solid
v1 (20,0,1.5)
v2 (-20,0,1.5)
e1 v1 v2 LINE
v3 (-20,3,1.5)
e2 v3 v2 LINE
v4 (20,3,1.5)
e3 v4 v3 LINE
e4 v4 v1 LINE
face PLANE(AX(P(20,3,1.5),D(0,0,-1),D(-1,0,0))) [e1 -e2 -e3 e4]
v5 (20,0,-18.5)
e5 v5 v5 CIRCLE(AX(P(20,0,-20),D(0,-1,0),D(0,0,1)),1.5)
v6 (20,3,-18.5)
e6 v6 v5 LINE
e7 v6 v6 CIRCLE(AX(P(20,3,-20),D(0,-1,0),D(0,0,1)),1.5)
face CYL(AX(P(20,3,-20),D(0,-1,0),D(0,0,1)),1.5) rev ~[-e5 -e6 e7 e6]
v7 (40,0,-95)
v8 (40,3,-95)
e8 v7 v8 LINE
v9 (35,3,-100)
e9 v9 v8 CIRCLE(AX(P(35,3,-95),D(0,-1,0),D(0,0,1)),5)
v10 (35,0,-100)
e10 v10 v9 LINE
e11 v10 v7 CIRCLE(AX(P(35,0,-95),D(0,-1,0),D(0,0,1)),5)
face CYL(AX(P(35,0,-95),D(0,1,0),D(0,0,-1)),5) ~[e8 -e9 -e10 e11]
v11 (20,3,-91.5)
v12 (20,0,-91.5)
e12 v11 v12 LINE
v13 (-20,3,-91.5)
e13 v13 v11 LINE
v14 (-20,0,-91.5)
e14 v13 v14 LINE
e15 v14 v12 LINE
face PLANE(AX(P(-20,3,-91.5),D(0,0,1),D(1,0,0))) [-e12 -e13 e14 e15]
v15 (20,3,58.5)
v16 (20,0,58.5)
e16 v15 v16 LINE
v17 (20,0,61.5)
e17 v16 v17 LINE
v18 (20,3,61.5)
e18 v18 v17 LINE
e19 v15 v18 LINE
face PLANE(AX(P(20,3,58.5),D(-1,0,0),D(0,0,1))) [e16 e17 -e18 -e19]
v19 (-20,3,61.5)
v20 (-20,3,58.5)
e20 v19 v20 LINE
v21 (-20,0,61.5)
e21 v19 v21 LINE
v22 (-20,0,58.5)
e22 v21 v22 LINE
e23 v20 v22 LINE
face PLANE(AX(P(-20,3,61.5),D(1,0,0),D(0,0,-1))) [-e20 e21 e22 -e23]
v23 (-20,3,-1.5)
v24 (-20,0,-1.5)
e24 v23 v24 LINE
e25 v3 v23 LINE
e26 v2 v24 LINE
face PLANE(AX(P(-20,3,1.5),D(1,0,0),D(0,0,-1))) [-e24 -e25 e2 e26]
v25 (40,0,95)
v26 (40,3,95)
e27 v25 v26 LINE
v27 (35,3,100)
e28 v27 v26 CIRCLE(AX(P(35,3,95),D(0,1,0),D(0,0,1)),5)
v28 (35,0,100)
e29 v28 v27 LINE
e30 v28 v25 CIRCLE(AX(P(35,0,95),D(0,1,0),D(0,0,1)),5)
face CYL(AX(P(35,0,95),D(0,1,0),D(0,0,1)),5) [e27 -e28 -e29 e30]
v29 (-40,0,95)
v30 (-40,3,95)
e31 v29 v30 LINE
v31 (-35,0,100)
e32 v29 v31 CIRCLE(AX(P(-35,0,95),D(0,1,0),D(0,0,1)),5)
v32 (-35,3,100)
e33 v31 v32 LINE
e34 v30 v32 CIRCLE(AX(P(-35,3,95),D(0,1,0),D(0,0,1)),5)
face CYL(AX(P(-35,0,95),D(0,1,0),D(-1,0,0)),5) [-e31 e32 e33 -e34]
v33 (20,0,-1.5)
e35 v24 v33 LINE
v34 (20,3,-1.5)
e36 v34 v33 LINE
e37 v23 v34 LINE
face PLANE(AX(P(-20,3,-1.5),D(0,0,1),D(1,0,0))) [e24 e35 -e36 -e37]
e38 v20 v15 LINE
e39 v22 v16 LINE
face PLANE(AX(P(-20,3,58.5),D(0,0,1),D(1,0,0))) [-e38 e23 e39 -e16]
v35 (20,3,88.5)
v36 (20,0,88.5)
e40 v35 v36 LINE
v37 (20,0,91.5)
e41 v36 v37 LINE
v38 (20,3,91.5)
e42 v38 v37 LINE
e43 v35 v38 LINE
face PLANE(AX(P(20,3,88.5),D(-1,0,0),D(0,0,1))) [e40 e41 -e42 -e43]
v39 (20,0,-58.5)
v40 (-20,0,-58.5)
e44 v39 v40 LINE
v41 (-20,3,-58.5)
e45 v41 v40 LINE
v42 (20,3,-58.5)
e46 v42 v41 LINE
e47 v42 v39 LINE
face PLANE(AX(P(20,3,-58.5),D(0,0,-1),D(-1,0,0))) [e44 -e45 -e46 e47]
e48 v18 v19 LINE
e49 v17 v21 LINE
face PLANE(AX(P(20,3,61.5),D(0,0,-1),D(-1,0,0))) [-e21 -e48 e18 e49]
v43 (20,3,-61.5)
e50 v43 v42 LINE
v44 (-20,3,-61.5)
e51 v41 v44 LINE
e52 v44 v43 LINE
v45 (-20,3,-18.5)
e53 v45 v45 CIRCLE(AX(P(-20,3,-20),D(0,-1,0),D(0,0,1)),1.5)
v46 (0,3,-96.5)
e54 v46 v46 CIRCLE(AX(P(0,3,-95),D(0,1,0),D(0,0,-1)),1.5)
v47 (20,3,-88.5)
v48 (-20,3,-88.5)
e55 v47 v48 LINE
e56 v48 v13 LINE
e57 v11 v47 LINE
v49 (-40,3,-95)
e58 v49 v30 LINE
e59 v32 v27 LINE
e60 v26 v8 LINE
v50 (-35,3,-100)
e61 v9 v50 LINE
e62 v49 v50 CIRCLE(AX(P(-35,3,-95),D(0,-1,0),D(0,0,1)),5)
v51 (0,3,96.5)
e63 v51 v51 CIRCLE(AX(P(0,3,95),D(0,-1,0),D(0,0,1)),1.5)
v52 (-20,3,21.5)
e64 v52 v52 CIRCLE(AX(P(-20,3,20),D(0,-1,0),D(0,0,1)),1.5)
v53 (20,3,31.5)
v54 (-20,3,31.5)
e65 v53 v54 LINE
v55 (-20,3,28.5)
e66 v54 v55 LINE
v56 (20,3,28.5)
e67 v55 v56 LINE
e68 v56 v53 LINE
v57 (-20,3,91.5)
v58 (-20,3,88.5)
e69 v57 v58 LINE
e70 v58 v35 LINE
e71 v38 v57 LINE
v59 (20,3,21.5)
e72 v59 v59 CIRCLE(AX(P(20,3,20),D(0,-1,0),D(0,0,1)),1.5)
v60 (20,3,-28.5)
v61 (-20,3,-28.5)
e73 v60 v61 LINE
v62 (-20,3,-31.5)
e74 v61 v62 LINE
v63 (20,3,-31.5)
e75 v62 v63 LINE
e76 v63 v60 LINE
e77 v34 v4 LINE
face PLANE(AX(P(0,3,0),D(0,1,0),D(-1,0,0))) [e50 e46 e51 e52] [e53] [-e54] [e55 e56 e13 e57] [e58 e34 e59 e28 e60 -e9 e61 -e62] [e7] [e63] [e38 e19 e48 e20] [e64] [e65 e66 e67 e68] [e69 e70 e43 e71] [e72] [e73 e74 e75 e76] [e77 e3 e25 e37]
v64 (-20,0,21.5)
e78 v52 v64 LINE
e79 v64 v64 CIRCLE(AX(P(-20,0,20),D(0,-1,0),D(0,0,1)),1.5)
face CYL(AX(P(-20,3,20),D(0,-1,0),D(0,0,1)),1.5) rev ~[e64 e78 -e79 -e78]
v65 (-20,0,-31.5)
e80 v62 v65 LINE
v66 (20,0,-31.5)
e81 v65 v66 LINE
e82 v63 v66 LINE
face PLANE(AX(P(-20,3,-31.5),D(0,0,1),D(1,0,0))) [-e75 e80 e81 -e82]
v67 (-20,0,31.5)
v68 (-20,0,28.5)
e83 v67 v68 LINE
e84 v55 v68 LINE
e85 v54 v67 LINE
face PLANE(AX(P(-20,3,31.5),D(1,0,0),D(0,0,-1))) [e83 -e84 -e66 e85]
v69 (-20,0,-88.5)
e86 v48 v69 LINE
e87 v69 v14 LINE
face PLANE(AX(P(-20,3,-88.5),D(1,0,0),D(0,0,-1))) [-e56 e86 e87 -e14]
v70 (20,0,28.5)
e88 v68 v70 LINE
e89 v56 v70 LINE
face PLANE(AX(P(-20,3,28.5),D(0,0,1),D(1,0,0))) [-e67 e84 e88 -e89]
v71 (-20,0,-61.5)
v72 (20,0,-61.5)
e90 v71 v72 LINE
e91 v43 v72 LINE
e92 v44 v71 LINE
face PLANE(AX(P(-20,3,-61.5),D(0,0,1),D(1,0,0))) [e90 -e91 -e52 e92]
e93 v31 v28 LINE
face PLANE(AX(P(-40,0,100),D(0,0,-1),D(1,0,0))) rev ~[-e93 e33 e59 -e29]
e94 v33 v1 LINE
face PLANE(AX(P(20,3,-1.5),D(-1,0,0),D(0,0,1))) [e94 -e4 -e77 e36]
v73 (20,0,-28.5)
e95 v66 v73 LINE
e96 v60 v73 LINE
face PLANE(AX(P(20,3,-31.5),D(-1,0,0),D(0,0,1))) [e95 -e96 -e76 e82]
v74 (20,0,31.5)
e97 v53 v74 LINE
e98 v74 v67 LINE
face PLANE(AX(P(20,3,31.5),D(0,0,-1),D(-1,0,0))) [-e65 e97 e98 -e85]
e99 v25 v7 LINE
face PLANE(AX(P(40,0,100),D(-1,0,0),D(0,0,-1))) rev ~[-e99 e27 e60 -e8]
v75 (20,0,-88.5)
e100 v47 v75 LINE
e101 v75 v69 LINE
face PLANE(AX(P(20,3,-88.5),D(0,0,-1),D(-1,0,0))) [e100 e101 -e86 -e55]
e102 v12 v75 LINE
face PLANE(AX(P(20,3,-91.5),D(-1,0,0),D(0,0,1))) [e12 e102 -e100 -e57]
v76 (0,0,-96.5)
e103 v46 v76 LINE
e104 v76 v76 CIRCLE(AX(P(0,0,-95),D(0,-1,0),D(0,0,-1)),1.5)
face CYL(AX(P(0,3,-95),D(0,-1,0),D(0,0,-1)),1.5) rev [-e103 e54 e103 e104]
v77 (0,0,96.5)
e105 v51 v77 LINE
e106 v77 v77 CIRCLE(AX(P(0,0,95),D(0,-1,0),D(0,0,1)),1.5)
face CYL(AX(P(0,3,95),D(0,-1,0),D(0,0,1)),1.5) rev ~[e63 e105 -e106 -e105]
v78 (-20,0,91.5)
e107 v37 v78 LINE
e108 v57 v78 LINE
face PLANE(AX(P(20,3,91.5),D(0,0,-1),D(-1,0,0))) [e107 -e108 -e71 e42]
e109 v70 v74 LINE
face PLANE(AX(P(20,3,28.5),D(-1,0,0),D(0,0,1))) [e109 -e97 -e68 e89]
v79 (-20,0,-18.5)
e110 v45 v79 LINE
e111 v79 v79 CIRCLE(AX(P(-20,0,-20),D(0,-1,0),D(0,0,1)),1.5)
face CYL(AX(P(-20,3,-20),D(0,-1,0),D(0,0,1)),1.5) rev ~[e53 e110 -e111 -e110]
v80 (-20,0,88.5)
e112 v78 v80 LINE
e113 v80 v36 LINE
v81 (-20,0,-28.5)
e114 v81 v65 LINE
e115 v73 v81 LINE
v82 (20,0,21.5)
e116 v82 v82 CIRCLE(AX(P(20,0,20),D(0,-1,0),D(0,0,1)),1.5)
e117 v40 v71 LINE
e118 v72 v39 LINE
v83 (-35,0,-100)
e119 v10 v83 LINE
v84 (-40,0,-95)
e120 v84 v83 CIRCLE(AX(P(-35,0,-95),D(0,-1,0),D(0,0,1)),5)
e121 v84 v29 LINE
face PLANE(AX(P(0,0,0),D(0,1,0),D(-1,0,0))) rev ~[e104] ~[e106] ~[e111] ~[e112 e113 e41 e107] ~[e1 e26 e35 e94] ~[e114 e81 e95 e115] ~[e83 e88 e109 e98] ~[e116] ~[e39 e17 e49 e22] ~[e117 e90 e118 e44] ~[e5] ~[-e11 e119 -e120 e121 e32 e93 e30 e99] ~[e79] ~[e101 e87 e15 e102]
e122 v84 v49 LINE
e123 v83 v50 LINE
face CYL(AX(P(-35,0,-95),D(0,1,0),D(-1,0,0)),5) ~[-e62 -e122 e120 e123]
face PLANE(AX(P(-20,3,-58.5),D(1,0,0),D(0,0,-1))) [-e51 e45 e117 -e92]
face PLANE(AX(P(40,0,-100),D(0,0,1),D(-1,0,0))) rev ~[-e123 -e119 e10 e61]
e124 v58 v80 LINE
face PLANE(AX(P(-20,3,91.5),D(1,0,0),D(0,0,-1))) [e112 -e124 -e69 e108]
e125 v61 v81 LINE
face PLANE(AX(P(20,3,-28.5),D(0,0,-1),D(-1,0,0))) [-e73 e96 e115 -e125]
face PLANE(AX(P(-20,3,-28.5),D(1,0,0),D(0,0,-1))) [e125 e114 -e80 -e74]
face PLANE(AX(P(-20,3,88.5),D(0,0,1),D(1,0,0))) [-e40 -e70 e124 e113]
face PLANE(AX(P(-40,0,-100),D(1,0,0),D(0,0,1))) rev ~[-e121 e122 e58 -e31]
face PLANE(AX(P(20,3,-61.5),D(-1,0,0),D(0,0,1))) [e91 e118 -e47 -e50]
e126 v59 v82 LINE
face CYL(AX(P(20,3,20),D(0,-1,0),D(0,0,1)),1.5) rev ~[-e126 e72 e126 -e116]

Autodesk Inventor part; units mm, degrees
ref_plane "YZ Plane" through (0, 0, 0) normal (1, 0, 0) x (0, 1, 0)
ref_plane "XZ Plane" through (0, 0, 0) normal (0, 1, 0) x (-1, 0, 0)
ref_plane "XY Plane" through (0, 0, 0) normal (0, 0, 1) x (1, 0, 0)
sketch "Sketch1" plane through (0, 0, 0) normal (0, 1, 0) x (-1, 0, 0)
  line L0 (40, 100) -> (-40, 100)
  line L1 (-40, 100) -> (-40, -100)
  line L2 (-40, -100) -> (40, -100)
  line L3 (40, -100) -> (40, 100)
  line L4 (40, 100) -> (-40, -100) construction
  line L5 (-40, 100) -> (40, -100) construction
  point P0 (0, 0)
  dimension "d0" = 80
  dimension "d1" = 200
extrude "Extrusion1" add sketch "Sketch1" along normal blind 3
sketch "Sketch2" plane through (0, 3, 0) normal (0, 1, 0) x (1, 0, 0)
  line L0 (-20, -20) -> (20, -20) construction
  line L1 (20, -20) -> (20, 20) construction
  line L2 (20, 20) -> (-20, 20) construction
  line L3 (-20, 20) -> (-20, -20) construction
  line L4 (-20, -20) -> (20, 20) construction
  line L5 (20, -20) -> (-20, 20) construction
  point P0 (0, 0)
  dimension "d4" = 40
  dimension "d5" = 40
hole "Hole1" at (-20, 3, 20) at (-20, 3, -20) at (20, 3, -20) at (20, 3, 20) direction (0, -1, 0) diameter 3 end through all
sketch "Sketch3" plane through (0, 3, 0) normal (0, 1, 0) x (1, 0, 0)
  line L0 (20, -1.5) -> (-20, -1.5)
  line L1 (-20, -1.5) -> (-20, 1.5)
  line L2 (-20, 1.5) -> (20, 1.5)
  line L3 (20, 1.5) -> (20, -1.5)
  line L4 (20, -1.5) -> (-20, 1.5) construction
  line L5 (-20, -1.5) -> (20, 1.5) construction
  line L6 (-20, -28.5) -> (20, -28.5)
  line L7 (-20, -31.5) -> (-20, -28.5)
  line L8 (20, -31.5) -> (-20, -31.5)
  line L9 (20, -28.5) -> (20, -31.5)
  line L10 (-20, -58.5) -> (20, -58.5)
  line L11 (-20, -61.5) -> (-20, -58.5)
  line L12 (20, -61.5) -> (-20, -61.5)
  line L13 (20, -58.5) -> (20, -61.5)
  line L14 (-20, -88.5) -> (20, -88.5)
  line L15 (-20, -91.5) -> (-20, -88.5)
  line L16 (20, -91.5) -> (-20, -91.5)
  line L17 (20, -88.5) -> (20, -91.5)
  line L18 (-20, 31.5) -> (20, 31.5)
  line L19 (-20, 28.5) -> (-20, 31.5)
  line L20 (20, 28.5) -> (-20, 28.5)
  line L21 (20, 31.5) -> (20, 28.5)
  line L22 (-20, 1.5) -> (20, 1.5)
  line L23 (-20, -1.5) -> (-20, 1.5)
  line L24 (20, -1.5) -> (-20, -1.5)
  line L25 (20, 1.5) -> (20, -1.5)
  line L26 (-20, -28.5) -> (20, -28.5)
  line L27 (-20, -31.5) -> (-20, -28.5)
  line L28 (20, -31.5) -> (-20, -31.5)
  line L29 (20, -28.5) -> (20, -31.5)
  line L30 (-20, -58.5) -> (20, -58.5)
  line L31 (-20, -61.5) -> (-20, -58.5)
  line L32 (20, -61.5) -> (-20, -61.5)
  line L33 (20, -58.5) -> (20, -61.5)
  line L34 (-20, 61.5) -> (20, 61.5)
  line L35 (-20, 58.5) -> (-20, 61.5)
  line L36 (20, 58.5) -> (-20, 58.5)
  line L37 (20, 61.5) -> (20, 58.5)
  line L38 (-20, 31.5) -> (20, 31.5)
  line L39 (-20, 28.5) -> (-20, 31.5)
  line L40 (20, 28.5) -> (-20, 28.5)
  line L41 (20, 31.5) -> (20, 28.5)
  line L42 (-20, 1.5) -> (20, 1.5)
  line L43 (-20, -1.5) -> (-20, 1.5)
  line L44 (20, -1.5) -> (-20, -1.5)
  line L45 (20, 1.5) -> (20, -1.5)
  line L46 (-20, -28.5) -> (20, -28.5)
  line L47 (-20, -31.5) -> (-20, -28.5)
  line L48 (20, -31.5) -> (-20, -31.5)
  line L49 (20, -28.5) -> (20, -31.5)
  line L50 (-20, 91.5) -> (20, 91.5)
  line L51 (-20, 88.5) -> (-20, 91.5)
  line L52 (20, 88.5) -> (-20, 88.5)
  line L53 (20, 91.5) -> (20, 88.5)
  line L54 (-20, 61.5) -> (20, 61.5)
  line L55 (-20, 58.5) -> (-20, 61.5)
  line L56 (20, 58.5) -> (-20, 58.5)
  line L57 (20, 61.5) -> (20, 58.5)
  line L58 (-20, 31.5) -> (20, 31.5)
  line L59 (-20, 28.5) -> (-20, 31.5)
  line L60 (20, 28.5) -> (-20, 28.5)
  line L61 (20, 31.5) -> (20, 28.5)
  line L62 (-20, 1.5) -> (20, 1.5)
  line L63 (-20, -1.5) -> (-20, 1.5)
  line L64 (20, -1.5) -> (-20, -1.5)
  line L65 (20, 1.5) -> (20, -1.5)
  point P0 (0, 0)
  dimension "d13" = 40
  dimension "d14" = 3
  dimension "d17" = 30
  dimension "d20" = 30
extrude "Extrusion2" cut sketch "Sketch3" against normal blind 3
sketch "Sketch4" plane through (0, 3, 0) normal (0, 1, 0) x (1, 0, 0)
  line L0 (-40, -100) -> (40, -100) construction
  line L1 (0, -100) -> (0, -95) construction
  point P0 (0, 0)
  dimension "d25" = 5
hole "Hole2" at (0, 3, 95) direction (0, -1, 0) diameter 3 end through all
ref_plane "Work Plane1" through (-40, 0, 0) normal (0, 0, 1) x (1, 0, 0)
mirror "Mirror1" about plane through (-40, 0, 0) normal (0, 0, 1) of "Hole2"
fillet "Fillet1" radius 5 4 edges at (40, 1.5, 100) (-40, 1.5, 100) (40, 1.5, -100) (-40, 1.5, -100)
properties part number "mounting_plate"
